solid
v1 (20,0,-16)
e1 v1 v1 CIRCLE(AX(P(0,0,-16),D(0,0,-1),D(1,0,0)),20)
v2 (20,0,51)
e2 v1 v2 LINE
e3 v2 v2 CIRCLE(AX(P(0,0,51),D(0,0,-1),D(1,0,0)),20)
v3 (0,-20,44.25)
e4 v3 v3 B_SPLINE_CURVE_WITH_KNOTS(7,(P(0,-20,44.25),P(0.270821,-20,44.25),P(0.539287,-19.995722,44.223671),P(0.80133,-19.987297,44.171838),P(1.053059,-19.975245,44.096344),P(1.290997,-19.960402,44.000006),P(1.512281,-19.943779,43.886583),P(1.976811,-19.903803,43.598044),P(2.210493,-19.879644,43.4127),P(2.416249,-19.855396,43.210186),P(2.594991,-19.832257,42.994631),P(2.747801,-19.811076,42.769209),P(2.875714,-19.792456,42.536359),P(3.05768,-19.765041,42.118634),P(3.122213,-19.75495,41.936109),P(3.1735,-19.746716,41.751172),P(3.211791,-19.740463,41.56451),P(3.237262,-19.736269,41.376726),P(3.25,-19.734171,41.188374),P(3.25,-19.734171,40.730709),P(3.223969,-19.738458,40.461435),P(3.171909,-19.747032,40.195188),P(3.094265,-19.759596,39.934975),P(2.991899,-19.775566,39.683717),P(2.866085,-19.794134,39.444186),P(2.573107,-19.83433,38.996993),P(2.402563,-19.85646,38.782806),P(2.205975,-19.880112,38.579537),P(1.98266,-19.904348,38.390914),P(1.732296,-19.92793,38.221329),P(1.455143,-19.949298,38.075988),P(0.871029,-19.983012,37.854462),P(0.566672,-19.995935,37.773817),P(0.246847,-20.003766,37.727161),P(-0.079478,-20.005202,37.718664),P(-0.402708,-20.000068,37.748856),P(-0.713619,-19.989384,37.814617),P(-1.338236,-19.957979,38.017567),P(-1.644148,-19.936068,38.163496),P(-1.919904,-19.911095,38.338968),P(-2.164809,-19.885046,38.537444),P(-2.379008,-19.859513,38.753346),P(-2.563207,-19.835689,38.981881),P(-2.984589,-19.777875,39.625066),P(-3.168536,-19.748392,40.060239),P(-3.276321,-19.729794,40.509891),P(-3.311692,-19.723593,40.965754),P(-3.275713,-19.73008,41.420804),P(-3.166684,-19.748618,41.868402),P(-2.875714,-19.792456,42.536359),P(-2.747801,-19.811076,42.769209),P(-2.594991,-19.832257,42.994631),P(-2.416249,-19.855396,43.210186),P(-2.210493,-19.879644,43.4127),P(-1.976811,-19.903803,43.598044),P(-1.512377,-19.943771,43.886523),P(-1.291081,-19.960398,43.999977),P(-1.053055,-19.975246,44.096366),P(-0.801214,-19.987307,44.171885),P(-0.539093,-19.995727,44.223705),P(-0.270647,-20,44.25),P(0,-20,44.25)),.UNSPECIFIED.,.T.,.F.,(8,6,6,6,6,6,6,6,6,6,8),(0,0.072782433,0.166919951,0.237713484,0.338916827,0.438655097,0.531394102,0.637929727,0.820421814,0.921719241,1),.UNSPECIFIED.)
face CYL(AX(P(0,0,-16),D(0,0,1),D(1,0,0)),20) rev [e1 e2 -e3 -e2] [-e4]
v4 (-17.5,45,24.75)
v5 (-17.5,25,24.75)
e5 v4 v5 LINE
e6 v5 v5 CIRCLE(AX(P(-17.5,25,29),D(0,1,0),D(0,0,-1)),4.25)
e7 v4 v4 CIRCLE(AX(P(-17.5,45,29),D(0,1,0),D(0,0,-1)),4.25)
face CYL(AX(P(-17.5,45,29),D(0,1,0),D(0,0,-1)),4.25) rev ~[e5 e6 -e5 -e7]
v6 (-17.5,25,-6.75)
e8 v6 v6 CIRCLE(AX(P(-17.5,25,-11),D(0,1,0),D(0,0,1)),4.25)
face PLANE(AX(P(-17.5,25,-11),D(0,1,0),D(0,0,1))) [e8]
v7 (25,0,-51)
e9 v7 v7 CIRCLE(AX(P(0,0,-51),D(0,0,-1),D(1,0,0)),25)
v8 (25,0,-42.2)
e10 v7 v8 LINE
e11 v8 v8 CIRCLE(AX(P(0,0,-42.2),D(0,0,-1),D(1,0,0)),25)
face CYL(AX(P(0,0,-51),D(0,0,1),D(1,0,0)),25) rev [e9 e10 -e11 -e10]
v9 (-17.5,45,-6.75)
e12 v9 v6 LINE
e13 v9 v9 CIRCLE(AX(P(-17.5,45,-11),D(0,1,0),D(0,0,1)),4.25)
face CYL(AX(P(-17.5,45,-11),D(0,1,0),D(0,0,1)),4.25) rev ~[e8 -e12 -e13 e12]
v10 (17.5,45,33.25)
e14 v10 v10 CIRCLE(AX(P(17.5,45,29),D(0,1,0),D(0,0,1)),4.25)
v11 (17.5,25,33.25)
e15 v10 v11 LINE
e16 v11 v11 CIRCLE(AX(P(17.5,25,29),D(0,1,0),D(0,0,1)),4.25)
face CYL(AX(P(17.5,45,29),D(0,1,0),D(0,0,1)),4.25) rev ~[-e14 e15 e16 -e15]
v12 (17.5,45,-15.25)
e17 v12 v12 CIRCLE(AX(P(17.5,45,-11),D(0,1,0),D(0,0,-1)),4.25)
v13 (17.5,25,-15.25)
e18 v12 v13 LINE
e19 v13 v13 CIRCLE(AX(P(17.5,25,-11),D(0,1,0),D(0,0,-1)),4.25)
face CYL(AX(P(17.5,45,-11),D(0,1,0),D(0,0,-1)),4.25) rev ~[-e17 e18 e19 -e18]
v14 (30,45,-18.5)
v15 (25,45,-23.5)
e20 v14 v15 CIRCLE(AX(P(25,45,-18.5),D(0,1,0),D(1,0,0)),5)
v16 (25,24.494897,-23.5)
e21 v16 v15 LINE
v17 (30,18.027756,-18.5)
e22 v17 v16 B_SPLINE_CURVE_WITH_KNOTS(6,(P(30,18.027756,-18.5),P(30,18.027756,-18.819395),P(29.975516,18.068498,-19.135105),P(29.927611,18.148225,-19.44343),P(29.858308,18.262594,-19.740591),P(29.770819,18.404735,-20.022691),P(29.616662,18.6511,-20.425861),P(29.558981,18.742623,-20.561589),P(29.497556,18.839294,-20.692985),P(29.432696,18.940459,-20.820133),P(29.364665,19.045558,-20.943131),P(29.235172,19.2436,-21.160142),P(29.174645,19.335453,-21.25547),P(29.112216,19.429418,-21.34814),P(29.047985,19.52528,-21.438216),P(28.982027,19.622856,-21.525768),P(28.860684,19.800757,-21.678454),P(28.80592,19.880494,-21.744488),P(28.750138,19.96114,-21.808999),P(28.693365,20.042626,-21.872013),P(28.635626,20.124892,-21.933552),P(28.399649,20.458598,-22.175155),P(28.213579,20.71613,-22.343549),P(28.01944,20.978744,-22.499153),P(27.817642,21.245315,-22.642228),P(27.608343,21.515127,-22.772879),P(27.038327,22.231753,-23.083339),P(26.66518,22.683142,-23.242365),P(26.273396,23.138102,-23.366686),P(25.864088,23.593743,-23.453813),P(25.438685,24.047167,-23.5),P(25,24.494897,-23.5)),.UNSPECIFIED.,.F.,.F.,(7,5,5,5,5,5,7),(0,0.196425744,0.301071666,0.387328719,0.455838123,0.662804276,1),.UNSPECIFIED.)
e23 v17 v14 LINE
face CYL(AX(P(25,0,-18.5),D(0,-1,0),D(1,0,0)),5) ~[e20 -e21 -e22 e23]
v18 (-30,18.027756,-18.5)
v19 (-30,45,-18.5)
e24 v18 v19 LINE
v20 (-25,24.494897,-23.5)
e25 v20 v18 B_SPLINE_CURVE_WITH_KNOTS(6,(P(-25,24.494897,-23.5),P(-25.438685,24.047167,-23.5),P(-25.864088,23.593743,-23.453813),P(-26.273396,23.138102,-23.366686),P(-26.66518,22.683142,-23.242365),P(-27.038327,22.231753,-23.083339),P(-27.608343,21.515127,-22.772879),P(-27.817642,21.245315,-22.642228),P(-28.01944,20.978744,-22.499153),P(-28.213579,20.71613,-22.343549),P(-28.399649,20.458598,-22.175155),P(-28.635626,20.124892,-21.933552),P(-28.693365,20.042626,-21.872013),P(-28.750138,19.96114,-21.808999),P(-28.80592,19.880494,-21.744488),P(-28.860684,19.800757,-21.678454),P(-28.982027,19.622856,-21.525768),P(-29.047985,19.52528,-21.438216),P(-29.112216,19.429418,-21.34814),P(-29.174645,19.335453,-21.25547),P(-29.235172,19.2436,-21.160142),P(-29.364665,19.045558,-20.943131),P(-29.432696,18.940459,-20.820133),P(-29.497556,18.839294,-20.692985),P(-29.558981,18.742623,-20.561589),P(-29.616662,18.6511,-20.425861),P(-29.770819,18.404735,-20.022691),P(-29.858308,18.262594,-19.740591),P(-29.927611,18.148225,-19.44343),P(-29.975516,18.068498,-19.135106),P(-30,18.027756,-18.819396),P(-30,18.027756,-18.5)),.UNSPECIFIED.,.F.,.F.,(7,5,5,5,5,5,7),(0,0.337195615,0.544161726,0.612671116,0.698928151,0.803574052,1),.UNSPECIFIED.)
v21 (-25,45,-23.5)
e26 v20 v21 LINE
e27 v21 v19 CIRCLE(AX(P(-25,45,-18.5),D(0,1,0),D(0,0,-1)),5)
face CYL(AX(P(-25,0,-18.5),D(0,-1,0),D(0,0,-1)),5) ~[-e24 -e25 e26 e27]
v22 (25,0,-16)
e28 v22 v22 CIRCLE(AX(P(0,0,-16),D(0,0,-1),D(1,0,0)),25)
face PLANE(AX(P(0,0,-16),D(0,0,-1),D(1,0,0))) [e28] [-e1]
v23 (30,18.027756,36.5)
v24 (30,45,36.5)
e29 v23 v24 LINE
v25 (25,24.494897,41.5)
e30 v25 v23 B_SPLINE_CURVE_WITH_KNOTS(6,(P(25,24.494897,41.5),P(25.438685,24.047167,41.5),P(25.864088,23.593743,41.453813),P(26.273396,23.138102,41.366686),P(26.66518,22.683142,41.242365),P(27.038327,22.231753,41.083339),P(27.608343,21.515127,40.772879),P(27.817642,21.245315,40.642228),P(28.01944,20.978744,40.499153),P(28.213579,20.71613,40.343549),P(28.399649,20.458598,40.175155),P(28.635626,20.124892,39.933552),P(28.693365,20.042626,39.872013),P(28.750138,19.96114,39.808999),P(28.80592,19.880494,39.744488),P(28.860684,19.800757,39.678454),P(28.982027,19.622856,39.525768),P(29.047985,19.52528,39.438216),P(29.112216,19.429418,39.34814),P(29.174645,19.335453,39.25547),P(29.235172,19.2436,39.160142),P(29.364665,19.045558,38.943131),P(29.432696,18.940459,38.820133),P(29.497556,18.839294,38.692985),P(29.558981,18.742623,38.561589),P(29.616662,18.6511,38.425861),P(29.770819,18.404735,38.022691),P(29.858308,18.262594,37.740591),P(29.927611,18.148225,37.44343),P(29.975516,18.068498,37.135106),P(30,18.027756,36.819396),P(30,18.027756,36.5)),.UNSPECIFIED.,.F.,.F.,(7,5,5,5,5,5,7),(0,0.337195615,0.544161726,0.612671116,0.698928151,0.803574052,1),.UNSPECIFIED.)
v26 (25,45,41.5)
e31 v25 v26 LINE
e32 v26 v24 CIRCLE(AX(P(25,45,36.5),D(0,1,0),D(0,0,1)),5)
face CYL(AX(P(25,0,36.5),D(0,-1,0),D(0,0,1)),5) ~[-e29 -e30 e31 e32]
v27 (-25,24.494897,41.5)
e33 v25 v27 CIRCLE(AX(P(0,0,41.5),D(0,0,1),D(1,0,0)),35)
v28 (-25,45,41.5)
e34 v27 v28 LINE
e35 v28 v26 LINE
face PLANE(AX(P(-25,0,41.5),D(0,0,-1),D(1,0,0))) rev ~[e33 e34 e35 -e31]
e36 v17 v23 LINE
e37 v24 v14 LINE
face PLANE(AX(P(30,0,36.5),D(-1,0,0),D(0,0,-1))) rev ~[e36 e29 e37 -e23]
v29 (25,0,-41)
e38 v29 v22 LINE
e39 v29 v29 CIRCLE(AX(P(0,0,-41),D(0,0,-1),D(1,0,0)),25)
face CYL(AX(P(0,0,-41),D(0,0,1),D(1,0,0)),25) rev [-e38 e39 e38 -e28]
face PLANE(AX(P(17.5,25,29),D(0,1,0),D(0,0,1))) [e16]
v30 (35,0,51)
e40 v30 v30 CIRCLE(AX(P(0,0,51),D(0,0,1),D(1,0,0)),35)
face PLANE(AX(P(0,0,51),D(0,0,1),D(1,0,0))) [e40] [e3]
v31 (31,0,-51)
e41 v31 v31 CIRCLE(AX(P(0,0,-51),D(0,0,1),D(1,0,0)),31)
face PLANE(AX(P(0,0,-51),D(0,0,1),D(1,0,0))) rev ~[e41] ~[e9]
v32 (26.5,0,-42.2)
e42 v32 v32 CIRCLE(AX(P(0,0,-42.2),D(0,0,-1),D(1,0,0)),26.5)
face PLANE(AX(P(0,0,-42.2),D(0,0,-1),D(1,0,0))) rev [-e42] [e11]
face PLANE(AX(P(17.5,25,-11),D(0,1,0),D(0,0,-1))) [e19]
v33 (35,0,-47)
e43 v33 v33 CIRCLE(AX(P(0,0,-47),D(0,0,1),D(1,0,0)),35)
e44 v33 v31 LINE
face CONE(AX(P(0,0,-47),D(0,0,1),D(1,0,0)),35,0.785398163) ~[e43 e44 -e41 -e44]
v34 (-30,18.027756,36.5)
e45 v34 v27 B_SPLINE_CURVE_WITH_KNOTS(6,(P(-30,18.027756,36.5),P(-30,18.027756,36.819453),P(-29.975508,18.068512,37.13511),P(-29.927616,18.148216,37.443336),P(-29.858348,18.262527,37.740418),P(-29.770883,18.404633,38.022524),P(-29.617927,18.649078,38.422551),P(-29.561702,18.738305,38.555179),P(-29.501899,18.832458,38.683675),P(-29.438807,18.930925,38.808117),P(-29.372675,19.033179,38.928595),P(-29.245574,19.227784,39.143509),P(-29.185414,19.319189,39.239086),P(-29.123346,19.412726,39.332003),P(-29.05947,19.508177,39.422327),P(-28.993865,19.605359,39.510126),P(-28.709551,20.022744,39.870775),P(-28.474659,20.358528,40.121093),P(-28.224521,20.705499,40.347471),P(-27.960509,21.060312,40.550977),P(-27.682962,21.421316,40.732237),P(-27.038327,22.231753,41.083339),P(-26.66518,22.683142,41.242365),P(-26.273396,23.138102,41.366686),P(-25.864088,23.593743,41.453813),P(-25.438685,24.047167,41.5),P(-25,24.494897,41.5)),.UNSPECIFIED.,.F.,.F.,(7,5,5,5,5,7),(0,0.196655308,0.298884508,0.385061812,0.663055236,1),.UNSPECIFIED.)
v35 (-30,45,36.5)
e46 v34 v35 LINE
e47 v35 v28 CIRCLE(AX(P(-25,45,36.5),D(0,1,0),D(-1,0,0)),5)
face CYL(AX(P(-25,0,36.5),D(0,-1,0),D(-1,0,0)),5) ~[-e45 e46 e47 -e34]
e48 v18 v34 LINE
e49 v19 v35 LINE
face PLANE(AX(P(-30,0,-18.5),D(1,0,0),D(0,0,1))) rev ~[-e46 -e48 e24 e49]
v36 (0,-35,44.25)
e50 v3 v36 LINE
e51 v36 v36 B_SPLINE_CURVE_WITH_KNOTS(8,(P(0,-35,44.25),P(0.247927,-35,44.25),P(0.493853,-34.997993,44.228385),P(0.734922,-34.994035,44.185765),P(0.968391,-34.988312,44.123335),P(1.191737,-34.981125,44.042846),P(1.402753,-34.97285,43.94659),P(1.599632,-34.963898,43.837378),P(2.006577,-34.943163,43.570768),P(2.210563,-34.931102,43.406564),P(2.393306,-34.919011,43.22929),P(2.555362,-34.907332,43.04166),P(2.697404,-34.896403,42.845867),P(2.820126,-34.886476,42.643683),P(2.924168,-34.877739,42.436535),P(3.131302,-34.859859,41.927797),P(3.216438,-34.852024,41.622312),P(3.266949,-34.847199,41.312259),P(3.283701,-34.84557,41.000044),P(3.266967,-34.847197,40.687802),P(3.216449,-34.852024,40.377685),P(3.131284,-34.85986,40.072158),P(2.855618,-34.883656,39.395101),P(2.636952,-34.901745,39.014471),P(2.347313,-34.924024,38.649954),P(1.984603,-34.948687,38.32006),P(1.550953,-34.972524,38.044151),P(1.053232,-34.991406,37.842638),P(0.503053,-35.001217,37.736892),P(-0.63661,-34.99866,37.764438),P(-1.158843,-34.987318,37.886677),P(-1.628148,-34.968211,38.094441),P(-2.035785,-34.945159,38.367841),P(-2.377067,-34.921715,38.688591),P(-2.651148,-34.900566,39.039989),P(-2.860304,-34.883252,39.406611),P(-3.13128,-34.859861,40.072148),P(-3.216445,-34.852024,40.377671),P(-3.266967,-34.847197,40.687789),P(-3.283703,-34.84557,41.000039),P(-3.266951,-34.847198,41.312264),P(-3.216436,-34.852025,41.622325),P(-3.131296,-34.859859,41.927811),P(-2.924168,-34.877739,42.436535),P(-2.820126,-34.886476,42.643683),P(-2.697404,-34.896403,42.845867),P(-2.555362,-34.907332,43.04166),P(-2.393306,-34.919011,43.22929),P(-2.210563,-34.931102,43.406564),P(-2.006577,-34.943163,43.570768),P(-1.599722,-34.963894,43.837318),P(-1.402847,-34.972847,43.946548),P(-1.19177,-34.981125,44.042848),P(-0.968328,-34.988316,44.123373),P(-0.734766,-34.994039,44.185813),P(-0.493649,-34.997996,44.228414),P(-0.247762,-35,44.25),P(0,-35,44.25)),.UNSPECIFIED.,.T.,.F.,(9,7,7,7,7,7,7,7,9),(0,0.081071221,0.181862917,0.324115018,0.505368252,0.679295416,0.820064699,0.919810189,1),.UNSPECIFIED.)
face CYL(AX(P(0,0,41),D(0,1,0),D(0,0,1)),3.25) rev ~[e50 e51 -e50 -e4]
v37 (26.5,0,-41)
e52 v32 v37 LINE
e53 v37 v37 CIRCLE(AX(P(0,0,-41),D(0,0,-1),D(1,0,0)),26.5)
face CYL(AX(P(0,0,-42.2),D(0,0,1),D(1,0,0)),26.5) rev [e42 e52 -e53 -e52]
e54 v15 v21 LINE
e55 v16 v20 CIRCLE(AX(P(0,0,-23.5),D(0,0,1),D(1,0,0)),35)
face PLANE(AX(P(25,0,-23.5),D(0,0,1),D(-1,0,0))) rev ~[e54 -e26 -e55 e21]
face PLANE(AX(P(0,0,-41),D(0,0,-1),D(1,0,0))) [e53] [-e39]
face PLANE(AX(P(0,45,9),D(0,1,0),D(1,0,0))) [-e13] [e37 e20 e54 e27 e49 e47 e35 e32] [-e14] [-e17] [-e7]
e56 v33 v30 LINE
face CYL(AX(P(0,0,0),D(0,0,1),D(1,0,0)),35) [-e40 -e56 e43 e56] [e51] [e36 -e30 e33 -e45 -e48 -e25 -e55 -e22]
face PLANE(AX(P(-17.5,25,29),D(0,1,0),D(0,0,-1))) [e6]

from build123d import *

# Parameters (mm, degrees)
ESBO_O1_R                = 35
RESSALTO_EXTRUS_O1_DEPTH = 51
RESSALTO_EXTRUS_O2_DEPTH = 45
CHANFRO1_SIZE            = 4
ESBO_O4_R                = 4.25
CORTE_EXTRUS_O1_DEPTH    = 20
ESBO_O5_R                = 3.25
CORTE_EXTRUS_O2_DEPTH    = 36.0000001


with BuildPart() as part:
    # Esboço1 → Ressalto-extrusão1 (new body, symmetric)
    with BuildSketch(Plane.XY):
        Circle(ESBO_O1_R)
    extrude(amount=RESSALTO_EXTRUS_O1_DEPTH, both=True)

    # Esboço3 → Ressalto-extrusão2 (add)
    with BuildSketch(Plane(origin=(0, 0, 0), x_dir=(1, 0, 0), z_dir=(0, 1, 0))):
        with BuildLine():
            Line((-25, -41.5), (25, -41.5))
            ThreePointArc((25, -41.5), (28.535533906, -40.035533906), (30, -36.5))
            Line((30, -36.5), (30, 18.5))
            ThreePointArc((30, 18.5), (28.535533906, 22.035533906), (25, 23.5))
            Line((25, 23.5), (-25, 23.5))
            ThreePointArc((-25, 23.5), (-28.535533906, 22.035533906), (-30, 18.5))
            Line((-30, 18.5), (-30, -36.5))
            ThreePointArc((-30, -36.5), (-28.535533906, -40.035533906), (-25, -41.5))
        make_face()
    extrude(amount=RESSALTO_EXTRUS_O2_DEPTH)

    # Esboço2 → Corte-Revolução1 (revolve, cut)
    with BuildSketch(Plane(origin=(0, 0, 0), x_dir=(0, 0, -1), z_dir=(1, 0, 0)), mode=Mode.PRIVATE) as corte_revolu_o1_sk:
        Polygon((51, 25), (42.2, 25), (42.2, 26.5), (41, 26.5), (41, 25), (16, 25), (16, 20), (-51, 20), (-51, 0), (51, 0), align=None)
    revolve(corte_revolu_o1_sk.sketch.rotate(Axis((0, 0, 52.957916626), (0, 0, -1)), 90), axis=Axis((0, 0, 52.957916626), (0, 0, -1)), mode=Mode.SUBTRACT)  # turned: the seam where the file's is

    # Chanfro1
    chanfro1_edges = [part.edges().sort_by_distance(p)[0] for p in [
        (-35, 0, -51),
    ]]
    chamfer(chanfro1_edges, length=CHANFRO1_SIZE)

    # Esboço4 → Corte-extrusão1 (cut)
    with BuildSketch(Plane(origin=(0, 45, 0), x_dir=(1, 0, 0), z_dir=(0, 1, 0))):
        with Locations(Location((-17.5, 11, 0), (0, 0, 270))):  # turned: the seam where the file's is
            Circle(ESBO_O4_R)
        with Locations(Location((17.5, 11, 0), (0, 0, 90))):  # turned: the seam where the file's is
            Circle(ESBO_O4_R)
        with Locations(Location((17.5, -29, 0), (0, 0, 270))):  # turned: the seam where the file's is
            Circle(ESBO_O4_R)
        with Locations(Location((-17.5, -29, 0), (0, 0, 90))):  # turned: the seam where the file's is
            Circle(ESBO_O4_R)
    extrude(amount=-CORTE_EXTRUS_O1_DEPTH, mode=Mode.SUBTRACT)

    # Esboço5 → Corte-extrusão2 (cut, through all)
    with BuildSketch(Plane(origin=(0, 0, 0), x_dir=(1, 0, 0), z_dir=(0, 1, 0))):
        with Locations(Location((0, -41, 0), (0, 0, 270))):  # turned: the seam where the file's is
            Circle(ESBO_O5_R)
    extrude(amount=-CORTE_EXTRUS_O2_DEPTH, mode=Mode.SUBTRACT)


solid = part.part
